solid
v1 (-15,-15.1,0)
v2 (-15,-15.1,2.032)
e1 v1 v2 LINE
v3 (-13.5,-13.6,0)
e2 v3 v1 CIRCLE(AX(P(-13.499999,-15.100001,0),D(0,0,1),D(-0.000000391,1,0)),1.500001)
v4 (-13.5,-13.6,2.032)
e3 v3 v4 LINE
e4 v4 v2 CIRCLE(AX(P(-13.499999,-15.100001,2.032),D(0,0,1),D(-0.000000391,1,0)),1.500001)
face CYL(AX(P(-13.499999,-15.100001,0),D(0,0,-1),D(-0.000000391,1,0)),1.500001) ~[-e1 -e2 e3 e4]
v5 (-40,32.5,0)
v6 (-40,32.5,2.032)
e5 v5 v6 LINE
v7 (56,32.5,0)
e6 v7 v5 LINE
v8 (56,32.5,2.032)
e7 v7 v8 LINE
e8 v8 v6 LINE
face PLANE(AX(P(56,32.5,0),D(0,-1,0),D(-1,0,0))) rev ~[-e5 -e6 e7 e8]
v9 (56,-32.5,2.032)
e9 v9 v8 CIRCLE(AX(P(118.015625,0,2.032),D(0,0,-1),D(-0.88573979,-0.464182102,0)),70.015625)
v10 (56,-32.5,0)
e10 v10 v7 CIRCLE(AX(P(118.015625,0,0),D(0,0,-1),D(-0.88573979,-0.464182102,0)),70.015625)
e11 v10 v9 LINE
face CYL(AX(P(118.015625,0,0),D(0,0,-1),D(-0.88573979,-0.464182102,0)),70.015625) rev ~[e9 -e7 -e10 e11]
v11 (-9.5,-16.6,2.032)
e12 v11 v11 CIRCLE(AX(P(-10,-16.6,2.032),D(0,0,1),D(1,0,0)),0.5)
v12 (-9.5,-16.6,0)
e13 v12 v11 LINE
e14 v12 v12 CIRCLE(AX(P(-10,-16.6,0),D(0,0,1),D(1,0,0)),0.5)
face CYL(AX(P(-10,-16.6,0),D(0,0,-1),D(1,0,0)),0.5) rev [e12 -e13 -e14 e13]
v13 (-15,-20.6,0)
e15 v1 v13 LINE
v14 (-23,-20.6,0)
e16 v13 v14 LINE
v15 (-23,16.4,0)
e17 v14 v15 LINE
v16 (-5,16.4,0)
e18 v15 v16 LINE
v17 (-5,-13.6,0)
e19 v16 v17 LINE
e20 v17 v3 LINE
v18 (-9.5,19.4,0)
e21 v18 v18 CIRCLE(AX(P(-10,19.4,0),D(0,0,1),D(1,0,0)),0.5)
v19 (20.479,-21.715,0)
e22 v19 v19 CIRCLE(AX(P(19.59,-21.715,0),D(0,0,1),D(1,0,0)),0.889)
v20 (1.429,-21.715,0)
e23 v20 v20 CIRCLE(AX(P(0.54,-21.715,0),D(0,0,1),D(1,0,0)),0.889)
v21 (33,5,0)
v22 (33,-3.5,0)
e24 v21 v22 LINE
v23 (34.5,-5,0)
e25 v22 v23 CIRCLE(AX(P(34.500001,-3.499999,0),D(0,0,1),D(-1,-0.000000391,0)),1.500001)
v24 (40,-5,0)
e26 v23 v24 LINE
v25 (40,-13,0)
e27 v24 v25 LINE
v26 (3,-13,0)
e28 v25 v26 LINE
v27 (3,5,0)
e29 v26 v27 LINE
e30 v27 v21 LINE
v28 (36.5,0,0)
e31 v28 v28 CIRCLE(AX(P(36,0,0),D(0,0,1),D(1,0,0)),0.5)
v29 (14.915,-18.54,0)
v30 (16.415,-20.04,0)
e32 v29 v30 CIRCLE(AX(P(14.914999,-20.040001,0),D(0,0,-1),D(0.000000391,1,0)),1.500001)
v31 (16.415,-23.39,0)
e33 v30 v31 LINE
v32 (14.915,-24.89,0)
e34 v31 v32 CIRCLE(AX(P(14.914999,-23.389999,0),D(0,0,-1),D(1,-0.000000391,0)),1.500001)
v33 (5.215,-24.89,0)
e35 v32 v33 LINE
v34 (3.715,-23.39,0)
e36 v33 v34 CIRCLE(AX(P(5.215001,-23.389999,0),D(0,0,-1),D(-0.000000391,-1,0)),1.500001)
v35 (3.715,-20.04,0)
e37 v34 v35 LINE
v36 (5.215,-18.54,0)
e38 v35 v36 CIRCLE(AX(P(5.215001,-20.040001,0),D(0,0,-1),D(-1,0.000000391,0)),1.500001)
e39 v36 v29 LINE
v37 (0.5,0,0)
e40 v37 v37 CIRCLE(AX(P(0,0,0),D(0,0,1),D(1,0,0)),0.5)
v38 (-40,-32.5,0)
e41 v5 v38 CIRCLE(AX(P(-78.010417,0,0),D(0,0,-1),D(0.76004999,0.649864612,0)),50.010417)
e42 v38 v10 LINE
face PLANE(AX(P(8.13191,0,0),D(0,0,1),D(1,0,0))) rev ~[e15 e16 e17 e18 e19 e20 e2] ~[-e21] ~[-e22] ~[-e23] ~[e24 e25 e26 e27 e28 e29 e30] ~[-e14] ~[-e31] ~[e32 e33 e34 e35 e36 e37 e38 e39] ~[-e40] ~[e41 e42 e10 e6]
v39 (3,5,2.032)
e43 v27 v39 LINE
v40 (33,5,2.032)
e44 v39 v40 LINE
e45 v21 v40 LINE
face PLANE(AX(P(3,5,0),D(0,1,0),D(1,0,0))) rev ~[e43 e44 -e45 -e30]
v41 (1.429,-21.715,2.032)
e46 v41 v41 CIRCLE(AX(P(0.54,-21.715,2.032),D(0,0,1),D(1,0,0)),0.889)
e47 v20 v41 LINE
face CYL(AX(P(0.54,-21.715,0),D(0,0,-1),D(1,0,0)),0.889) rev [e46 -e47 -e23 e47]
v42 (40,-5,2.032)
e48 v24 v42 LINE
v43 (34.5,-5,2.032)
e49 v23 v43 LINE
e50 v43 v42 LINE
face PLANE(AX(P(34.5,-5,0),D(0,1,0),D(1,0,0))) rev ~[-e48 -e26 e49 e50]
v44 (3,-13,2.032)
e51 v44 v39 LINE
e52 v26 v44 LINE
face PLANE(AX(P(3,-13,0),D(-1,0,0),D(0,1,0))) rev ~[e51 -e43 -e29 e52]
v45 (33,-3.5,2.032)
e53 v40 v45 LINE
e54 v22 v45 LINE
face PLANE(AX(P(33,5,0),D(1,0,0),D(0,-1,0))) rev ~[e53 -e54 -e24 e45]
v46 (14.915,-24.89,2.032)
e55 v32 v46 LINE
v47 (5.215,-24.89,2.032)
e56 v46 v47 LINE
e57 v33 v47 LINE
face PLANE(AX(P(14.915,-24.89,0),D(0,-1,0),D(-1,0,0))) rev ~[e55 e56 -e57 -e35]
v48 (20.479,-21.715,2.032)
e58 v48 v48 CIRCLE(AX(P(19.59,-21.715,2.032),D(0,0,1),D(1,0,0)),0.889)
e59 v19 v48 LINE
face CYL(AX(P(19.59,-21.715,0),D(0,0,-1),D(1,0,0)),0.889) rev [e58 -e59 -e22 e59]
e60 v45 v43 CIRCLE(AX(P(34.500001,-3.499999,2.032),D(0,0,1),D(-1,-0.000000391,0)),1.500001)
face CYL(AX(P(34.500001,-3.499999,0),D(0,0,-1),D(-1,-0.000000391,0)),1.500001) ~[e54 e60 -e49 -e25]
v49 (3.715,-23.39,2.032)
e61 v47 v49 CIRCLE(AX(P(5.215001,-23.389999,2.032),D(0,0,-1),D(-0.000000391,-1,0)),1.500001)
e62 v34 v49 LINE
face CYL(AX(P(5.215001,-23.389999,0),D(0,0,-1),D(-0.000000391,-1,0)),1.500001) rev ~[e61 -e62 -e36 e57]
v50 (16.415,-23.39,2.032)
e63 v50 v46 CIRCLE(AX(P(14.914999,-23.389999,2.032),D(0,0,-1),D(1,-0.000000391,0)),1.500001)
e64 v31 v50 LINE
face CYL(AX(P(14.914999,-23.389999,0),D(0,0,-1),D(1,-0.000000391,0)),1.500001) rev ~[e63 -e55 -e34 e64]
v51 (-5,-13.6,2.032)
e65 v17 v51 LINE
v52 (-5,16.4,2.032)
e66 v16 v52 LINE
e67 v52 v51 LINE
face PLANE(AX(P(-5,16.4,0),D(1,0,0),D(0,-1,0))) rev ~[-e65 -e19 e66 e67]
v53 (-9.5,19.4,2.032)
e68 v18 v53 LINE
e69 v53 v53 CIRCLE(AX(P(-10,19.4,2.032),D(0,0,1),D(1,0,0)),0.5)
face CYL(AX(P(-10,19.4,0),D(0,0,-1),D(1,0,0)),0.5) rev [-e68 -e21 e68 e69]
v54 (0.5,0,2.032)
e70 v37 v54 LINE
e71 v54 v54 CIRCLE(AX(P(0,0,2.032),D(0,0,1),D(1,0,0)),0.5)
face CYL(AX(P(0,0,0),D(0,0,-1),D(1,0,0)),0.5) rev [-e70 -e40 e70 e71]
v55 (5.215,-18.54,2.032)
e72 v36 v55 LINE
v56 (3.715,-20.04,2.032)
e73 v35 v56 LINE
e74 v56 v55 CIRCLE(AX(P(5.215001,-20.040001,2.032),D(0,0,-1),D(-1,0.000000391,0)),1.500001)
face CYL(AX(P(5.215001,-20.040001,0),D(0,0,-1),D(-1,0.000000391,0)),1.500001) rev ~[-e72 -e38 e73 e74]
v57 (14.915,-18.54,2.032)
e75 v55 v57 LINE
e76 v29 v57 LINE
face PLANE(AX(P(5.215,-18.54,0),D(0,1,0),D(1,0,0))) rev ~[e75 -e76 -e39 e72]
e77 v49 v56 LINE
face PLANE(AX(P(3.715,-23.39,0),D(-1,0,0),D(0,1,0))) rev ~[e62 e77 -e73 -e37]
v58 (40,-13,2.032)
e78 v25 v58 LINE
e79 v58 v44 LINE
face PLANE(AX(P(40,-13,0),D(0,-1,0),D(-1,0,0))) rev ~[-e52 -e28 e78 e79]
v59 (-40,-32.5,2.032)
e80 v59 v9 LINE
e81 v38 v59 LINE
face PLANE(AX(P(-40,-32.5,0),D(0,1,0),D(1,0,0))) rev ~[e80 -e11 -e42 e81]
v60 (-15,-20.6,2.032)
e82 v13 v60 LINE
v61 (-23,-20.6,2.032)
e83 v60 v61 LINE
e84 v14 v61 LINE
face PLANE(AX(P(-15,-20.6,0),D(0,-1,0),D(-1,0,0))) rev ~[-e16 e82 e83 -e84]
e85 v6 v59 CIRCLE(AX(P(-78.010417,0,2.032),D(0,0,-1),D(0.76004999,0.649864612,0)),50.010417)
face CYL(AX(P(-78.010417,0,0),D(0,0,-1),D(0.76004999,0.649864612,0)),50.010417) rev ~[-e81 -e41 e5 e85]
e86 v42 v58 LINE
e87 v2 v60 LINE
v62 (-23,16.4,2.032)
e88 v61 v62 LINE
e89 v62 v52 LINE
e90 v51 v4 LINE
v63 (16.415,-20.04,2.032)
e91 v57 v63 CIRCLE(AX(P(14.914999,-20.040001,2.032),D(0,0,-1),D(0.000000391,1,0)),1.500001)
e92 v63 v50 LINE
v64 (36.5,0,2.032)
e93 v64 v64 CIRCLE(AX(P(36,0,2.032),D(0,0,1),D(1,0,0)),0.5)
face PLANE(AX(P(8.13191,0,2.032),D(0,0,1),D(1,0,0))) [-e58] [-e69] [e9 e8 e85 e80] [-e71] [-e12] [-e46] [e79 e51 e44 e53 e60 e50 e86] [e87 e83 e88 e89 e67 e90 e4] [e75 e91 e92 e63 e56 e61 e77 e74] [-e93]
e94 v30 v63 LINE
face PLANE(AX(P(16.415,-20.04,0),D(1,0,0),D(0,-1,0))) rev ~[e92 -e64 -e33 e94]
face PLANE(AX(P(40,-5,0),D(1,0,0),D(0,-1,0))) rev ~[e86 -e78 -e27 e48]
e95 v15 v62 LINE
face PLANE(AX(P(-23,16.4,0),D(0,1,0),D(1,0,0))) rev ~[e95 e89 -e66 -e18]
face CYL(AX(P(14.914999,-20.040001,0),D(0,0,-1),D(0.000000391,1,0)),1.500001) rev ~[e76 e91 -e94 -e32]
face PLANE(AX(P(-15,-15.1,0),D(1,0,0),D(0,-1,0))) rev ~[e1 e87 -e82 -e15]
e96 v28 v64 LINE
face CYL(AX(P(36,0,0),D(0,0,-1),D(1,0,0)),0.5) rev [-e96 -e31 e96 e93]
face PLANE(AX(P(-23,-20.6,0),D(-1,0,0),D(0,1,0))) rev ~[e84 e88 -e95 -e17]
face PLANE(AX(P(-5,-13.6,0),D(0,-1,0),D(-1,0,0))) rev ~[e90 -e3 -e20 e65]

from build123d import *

# Parameters (mm, degrees)
F0_R     = 0.5
F0_R_2   = 0.889
F1_DEPTH = 2.032


with BuildPart() as f1:
    # F0 (on Top) → F1 (new body)
    with BuildSketch(Plane.XY):
        with BuildLine():
            Line((56, 32.5), (-28, 32.5))
            Line((-28, 32.5), (-40, 32.5))
            ThreePointArc((-40, 32.5), (-28, 0), (-40, -32.5))
            Line((-40, -32.5), (56, -32.5))
            ThreePointArc((56, -32.5), (48, 0), (56, 32.5))
        make_face()
        with Locations((-10, -16.6)):
            Circle(F0_R, mode=Mode.SUBTRACT)
        with Locations((0.54, -21.715)):
            Circle(F0_R_2, mode=Mode.SUBTRACT)
        with BuildLine():
            Line((-23, 16.4), (-15, 16.4))
            Line((-15, 16.4), (-5, 16.4))
            Line((-5, 16.4), (-5, 1.4))
            Line((-5, 1.4), (-5, -13.6))
            Line((-5, -13.6), (-13.5, -13.6))
            ThreePointArc((-13.5, -13.6), (-14.56066, -14.03934), (-15, -15.1))
            Line((-15, -15.1), (-15, -20.6))
            Line((-15, -20.6), (-23, -20.6))
            Line((-23, -20.6), (-23, 1.4))
            Line((-23, 1.4), (-23, 16.4))
        make_face(mode=Mode.SUBTRACT)
        with BuildLine():
            Line((5.215, -18.54), (14.915, -18.54))
            ThreePointArc((14.915, -18.54), (15.97566, -18.97934), (16.415, -20.04))
            Line((16.415, -20.04), (16.415, -23.39))
            ThreePointArc((16.415, -23.39), (15.97566, -24.45066), (14.915, -24.89))
            Line((14.915, -24.89), (5.215, -24.89))
            ThreePointArc((5.215, -24.89), (4.15434, -24.45066), (3.715, -23.39))
            Line((3.715, -23.39), (3.715, -20.04))
            ThreePointArc((3.715, -20.04), (4.15434, -18.97934), (5.215, -18.54))
        make_face(mode=Mode.SUBTRACT)
        with Locations((19.59, -21.715)):
            Circle(F0_R_2, mode=Mode.SUBTRACT)
        with BuildLine():
            Line((3, -13), (3, -5))
            Line((3, -5), (3, 5))
            Line((3, 5), (18, 5))
            Line((18, 5), (33, 5))
            Line((33, 5), (33, -3.5))
            ThreePointArc((33, -3.5), (33.43934, -4.56066), (34.5, -5))
            Line((34.5, -5), (40, -5))
            Line((40, -5), (40, -13))
            Line((40, -13), (18, -13))
            Line((18, -13), (3, -13))
        make_face(mode=Mode.SUBTRACT)
        Circle(F0_R, mode=Mode.SUBTRACT)
        with Locations((-10, 19.4)):
            Circle(F0_R, mode=Mode.SUBTRACT)
        with Locations((36, 0)):
            Circle(F0_R, mode=Mode.SUBTRACT)
    extrude(amount=F1_DEPTH)


solid = f1.part
